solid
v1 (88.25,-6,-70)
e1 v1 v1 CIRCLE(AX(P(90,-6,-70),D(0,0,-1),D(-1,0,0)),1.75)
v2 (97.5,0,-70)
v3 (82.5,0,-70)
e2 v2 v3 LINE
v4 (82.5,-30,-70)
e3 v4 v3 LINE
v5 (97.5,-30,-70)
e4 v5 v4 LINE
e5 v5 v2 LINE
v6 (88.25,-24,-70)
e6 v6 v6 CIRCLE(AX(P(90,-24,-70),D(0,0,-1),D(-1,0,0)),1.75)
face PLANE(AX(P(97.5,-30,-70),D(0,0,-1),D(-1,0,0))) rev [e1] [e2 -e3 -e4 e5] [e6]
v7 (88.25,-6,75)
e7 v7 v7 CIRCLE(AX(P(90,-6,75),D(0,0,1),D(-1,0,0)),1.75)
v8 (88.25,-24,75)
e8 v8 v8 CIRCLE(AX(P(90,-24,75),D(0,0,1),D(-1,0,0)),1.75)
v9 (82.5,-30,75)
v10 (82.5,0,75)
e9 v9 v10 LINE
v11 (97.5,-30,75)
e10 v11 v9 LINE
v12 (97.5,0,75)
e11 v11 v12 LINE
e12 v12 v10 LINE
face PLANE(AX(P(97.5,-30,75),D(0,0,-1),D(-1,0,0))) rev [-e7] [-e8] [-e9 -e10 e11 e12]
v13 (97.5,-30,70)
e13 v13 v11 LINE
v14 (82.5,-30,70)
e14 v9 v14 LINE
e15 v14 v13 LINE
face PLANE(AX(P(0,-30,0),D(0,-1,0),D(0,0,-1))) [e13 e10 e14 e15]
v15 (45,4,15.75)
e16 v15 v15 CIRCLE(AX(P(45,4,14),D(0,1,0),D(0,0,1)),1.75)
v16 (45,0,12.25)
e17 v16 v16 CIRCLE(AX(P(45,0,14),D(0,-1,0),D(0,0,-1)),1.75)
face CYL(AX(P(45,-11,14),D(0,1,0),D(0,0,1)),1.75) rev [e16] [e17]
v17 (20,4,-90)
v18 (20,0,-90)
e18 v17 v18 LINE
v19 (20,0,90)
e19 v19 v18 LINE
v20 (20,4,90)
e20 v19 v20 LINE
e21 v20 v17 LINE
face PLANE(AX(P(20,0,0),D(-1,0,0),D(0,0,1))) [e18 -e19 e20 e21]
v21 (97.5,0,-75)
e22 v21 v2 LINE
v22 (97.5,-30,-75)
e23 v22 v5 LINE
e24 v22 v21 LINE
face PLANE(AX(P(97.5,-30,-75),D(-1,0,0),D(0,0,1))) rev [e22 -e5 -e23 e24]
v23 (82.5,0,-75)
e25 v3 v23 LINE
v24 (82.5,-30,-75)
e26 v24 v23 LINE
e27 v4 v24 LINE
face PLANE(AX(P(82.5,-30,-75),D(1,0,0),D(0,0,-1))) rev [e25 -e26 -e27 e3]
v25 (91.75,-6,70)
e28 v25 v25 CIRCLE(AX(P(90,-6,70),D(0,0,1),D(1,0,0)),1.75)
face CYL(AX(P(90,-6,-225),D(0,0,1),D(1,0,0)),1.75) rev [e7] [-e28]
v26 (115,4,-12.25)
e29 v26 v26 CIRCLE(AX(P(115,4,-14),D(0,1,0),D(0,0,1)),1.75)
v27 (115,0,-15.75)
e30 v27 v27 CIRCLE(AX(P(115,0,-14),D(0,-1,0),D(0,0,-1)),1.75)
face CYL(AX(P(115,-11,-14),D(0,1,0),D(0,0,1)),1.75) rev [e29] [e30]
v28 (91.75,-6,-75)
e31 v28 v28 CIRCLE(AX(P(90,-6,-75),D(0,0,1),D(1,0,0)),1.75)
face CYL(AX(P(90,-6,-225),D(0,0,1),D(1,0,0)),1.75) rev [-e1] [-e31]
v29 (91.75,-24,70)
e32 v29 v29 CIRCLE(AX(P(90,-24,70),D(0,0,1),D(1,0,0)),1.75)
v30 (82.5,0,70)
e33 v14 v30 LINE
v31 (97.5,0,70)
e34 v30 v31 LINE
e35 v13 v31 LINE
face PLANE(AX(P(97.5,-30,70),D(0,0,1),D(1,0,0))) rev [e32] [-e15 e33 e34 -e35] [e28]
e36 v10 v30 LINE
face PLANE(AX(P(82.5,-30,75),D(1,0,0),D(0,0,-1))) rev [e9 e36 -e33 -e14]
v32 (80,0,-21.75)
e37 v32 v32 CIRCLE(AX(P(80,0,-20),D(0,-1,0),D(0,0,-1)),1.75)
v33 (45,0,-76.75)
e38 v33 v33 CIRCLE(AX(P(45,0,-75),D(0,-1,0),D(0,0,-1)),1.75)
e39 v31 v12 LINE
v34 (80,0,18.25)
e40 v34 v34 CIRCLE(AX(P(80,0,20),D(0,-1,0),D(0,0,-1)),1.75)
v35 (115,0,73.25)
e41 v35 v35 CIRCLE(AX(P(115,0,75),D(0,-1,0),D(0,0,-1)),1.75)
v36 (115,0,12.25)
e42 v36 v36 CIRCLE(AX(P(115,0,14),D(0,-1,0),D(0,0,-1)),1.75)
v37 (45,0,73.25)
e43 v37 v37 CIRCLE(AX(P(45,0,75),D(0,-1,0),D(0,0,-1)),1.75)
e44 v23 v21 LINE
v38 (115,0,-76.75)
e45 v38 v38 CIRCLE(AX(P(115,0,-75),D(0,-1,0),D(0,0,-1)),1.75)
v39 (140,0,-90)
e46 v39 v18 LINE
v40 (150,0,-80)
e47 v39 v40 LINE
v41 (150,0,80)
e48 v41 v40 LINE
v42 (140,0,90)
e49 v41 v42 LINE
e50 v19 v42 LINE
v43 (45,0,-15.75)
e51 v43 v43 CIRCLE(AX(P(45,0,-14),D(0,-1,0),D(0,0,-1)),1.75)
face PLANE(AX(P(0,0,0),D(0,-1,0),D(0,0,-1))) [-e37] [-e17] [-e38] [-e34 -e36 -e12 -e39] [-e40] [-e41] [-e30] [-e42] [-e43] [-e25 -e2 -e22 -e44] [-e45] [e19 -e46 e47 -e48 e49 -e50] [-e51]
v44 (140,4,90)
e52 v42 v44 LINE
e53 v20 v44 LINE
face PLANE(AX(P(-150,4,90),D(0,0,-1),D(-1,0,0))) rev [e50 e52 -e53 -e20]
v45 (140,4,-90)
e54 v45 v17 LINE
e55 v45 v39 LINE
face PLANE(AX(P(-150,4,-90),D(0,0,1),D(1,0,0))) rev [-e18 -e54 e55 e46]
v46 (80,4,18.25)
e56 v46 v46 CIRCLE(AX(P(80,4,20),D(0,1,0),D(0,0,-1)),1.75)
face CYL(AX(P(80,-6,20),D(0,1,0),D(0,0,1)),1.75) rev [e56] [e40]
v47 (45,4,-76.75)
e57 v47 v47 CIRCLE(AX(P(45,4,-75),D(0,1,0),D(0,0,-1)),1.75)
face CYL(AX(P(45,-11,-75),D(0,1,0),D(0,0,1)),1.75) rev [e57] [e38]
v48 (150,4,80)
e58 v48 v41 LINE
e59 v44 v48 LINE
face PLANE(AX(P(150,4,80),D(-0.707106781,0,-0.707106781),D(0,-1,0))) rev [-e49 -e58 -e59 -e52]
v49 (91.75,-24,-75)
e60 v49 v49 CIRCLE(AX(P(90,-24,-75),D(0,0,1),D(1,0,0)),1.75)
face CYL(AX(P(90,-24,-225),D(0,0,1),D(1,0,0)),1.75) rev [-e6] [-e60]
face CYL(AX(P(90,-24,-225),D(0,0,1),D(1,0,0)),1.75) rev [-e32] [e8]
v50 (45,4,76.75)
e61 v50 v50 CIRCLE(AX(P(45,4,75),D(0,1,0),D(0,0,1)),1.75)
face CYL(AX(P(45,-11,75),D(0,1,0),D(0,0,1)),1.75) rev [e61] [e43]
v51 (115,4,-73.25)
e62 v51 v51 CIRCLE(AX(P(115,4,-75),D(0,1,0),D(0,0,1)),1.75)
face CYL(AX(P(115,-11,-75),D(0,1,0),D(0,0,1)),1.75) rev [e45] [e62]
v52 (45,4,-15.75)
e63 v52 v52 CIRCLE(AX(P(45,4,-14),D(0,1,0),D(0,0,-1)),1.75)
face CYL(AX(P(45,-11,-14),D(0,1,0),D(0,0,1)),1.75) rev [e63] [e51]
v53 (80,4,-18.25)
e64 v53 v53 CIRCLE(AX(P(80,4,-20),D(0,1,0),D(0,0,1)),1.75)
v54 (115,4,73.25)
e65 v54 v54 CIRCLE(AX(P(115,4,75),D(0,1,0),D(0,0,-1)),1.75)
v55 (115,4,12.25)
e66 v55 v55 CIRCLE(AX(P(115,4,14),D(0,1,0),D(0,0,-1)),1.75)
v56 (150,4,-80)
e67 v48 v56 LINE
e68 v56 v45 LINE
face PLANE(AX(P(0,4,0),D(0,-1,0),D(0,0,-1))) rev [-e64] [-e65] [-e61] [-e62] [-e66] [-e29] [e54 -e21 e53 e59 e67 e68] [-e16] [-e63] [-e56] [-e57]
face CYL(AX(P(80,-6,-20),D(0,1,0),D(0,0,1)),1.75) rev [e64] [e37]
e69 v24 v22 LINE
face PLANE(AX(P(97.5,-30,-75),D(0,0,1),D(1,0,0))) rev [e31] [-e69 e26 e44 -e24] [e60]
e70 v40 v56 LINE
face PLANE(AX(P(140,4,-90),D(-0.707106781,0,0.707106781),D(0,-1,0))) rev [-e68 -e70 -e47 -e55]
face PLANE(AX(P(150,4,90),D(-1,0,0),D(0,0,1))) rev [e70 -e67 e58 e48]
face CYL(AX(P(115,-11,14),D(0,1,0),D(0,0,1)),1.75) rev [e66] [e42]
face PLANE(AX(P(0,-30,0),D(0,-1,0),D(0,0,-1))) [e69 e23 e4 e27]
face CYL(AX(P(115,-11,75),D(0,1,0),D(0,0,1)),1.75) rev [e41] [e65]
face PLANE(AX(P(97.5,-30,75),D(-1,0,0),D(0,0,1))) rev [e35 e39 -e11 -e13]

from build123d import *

# Parameters (mm, degrees)
SKETCH1_W               = 300
SKETCH1_H               = 180
MAIN_BODY_DEPTH         = 4
FILLET1_R               = 10
CHAMFER1_SIZE           = 10
SKETCH2_R               = 1.75
BATTERIES_HOLES_DEPTH   = 15
SKETCH5_R               = 1.75
SKETCH5_W               = 15
SKETCH5_H               = 10
L298N_HOLES_DEPTH       = 15
SKETCH6_R               = 1.75
LM2596_HOLES_DEPTH      = 15
SKETCH7_R               = 1.55
ESP32_HOLES_DEPTH       = 15
SKETCH8_R               = 1.75
PCB_SENSORS_HOLES_DEPTH = 15
SKETCH9_W               = 15
SKETCH9_H               = 5
WHEELS_LEGS_DEPTH       = 30
SKETCH10_R              = 1.75
MOTOR_HOLES_DEPTH       = 300
SKETCH11_R              = 1.75
SKETCH11_W              = 30
SKETCH11_H              = 20
SENSORS_HOLES_DEPTH     = 15
SKETCH13_W              = 40
SKETCH13_H              = 75
CUT_EXTRUDE2_DEPTH      = 10
FILLET2_R               = 10
SKETCH12_R              = 1.75
CUT_EXTRUDE3_DEPTH      = 10
SKETCH14_W              = 212.137898895
SKETCH14_H              = 97.482026014
CUT_EXTRUDE4_DEPTH      = 200


with BuildPart() as part:
    # Sketch1 → Main Body (new body)
    with BuildSketch(Plane(origin=(0, 0, 0), x_dir=(1, 0, 0), z_dir=(0, 1, 0))):
        Rectangle(SKETCH1_W, SKETCH1_H)
    extrude(amount=MAIN_BODY_DEPTH)

    # Fillet1
    fillet1_edges = [part.edges().sort_by_distance(p)[0] for p in [
        (-150, 2, 90),
        (-150, 2, -90),
    ]]
    fillet(fillet1_edges, radius=FILLET1_R)

    # Chamfer1
    chamfer1_edges = [part.edges().sort_by_distance(p)[0] for p in [
        (150, 2, 90),
        (150, 2, -90),
    ]]
    chamfer(chamfer1_edges, length=CHAMFER1_SIZE)

    # Sketch2 → Batteries holes (cut)
    with BuildSketch(Plane(origin=(0, 4, 0), x_dir=(1, 0, 0), z_dir=(0, 1, 0))):
        with Locations((115, 75)):
            Circle(SKETCH2_R)
        with Locations((115, 14)):
            Circle(SKETCH2_R)
        with Locations((115, -14)):
            Circle(SKETCH2_R)
        with Locations((115, -75)):
            Circle(SKETCH2_R)
        with Locations((45, -75)):
            Circle(SKETCH2_R)
        with Locations((45, -14)):
            Circle(SKETCH2_R)
        with Locations((45, 14)):
            Circle(SKETCH2_R)
        with Locations((45, 75)):
            Circle(SKETCH2_R)
    extrude(amount=-BATTERIES_HOLES_DEPTH, mode=Mode.SUBTRACT)

    # Sketch5 → L298N holes (cut)
    with BuildSketch(Plane(origin=(0, 4, 0), x_dir=(1, 0, 0), z_dir=(0, 1, 0))):
        with Locations((-37, 18.5)):
            Circle(SKETCH5_R)
        with Locations((0, 18.5)):
            Circle(SKETCH5_R)
        with Locations((-37, -18.5)):
            Circle(SKETCH5_R)
        with Locations((0, -18.5)):
            Circle(SKETCH5_R)
        with Locations((-12.5, -38.5)):
            Rectangle(SKETCH5_W, SKETCH5_H)
        with Locations((-12.5, 38.5)):
            Rectangle(SKETCH5_W, SKETCH5_H)
    extrude(amount=-L298N_HOLES_DEPTH, mode=Mode.SUBTRACT)

    # Sketch6 → LM2596 holes (cut)
    with BuildSketch(Plane(origin=(0, 4, 0), x_dir=(1, 0, 0), z_dir=(0, 1, 0))):
        with Locations((-33, 70)):
            Circle(SKETCH6_R)
        with Locations((-3, 54)):
            Circle(SKETCH6_R)
        with Locations((-33, -54)):
            Circle(SKETCH6_R)
        with Locations((-3, -70)):
            Circle(SKETCH6_R)
    extrude(amount=-LM2596_HOLES_DEPTH, mode=Mode.SUBTRACT)

    # Sketch7 → ESP32 holes (cut)
    with BuildSketch(Plane(origin=(0, 4, 0), x_dir=(1, 0, 0), z_dir=(0, 1, 0))):
        with Locations((-73, 65)):
            Circle(SKETCH7_R)
        with Locations((-73, 19)):
            Circle(SKETCH7_R)
        with Locations((-91, 19)):
            Circle(SKETCH7_R)
    extrude(amount=-ESP32_HOLES_DEPTH, mode=Mode.SUBTRACT)

    # Sketch8 → PCB sensors holes (cut)
    with BuildSketch(Plane(origin=(0, 4, 0), x_dir=(1, 0, 0), z_dir=(0, 1, 0))):
        with Locations((-103, -54)):
            Circle(SKETCH8_R)
        with Locations((-68, -54)):
            Circle(SKETCH8_R)
    extrude(amount=-PCB_SENSORS_HOLES_DEPTH, mode=Mode.SUBTRACT)

    # Sketch9 → Wheels legs (add)
    with BuildSketch(Plane.XZ):
        with Locations((-90, 72.5)):
            Rectangle(SKETCH9_W, SKETCH9_H)
        with Locations((90, 72.5)):
            Rectangle(SKETCH9_W, SKETCH9_H)
        with Locations((90, -72.5)):
            Rectangle(SKETCH9_W, SKETCH9_H)
        with Locations((-90, -72.5)):
            Rectangle(SKETCH9_W, SKETCH9_H)
    extrude(amount=WHEELS_LEGS_DEPTH)

    # Sketch10 → Motor holes (cut)
    with BuildSketch(Plane.XY.offset(75)):
        with Locations((-90, -24)):
            Circle(SKETCH10_R)
        with Locations((-90, -6)):
            Circle(SKETCH10_R)
        with Locations((90, -6)):
            Circle(SKETCH10_R)
        with Locations((90, -24)):
            Circle(SKETCH10_R)
    extrude(amount=-MOTOR_HOLES_DEPTH, mode=Mode.SUBTRACT)

    # Sketch11 → Sensors holes (cut)
    with BuildSketch(Plane(origin=(0, 4, 0), x_dir=(1, 0, 0), z_dir=(0, 1, 0))):
        with Locations((-140, 10)):
            Circle(SKETCH11_R)
        with Locations((-125, 10)):
            Circle(SKETCH11_R)
        with Locations((-125, 30)):
            Circle(SKETCH11_R)
        with Locations((-140, 30)):
            Circle(SKETCH11_R)
        with Locations((-125, -30)):
            Circle(SKETCH11_R)
        with Locations((-140, -30)):
            Circle(SKETCH11_R)
        with Locations((-125, -10)):
            Circle(SKETCH11_R)
        with Locations((-140, -10)):
            Circle(SKETCH11_R)
        with Locations((-85, 0)):
            Rectangle(SKETCH11_W, SKETCH11_H)
    extrude(amount=-SENSORS_HOLES_DEPTH, mode=Mode.SUBTRACT)

    # Sketch13 → Cut-Extrude2 (cut)
    with BuildSketch(Plane.XZ):
        with Locations((-133, 75.5)):
            Rectangle(SKETCH13_W, SKETCH13_H)
        with Locations((-133, -75.5)):
            Rectangle(SKETCH13_W, SKETCH13_H)
    extrude(amount=-CUT_EXTRUDE2_DEPTH, mode=Mode.SUBTRACT)

    # Fillet2
    fillet2_edges = [part.edges().sort_by_distance(p)[0] for p in [
        (-113, 2, -90),
        (-113, 2, -38),
        (-150, 2, -38),
        (-150, 2, 38),
        (-113, 2, 90),
        (-113, 2, 38),
    ]]
    fillet(fillet2_edges, radius=FILLET2_R)

    # Sketch12 → Cut-Extrude3 (cut)
    with BuildSketch(Plane(origin=(0, 4, 0), x_dir=(1, 0, 0), z_dir=(0, 1, 0))):
        with Locations((80, 20)):
            Circle(SKETCH12_R)
        with Locations((80, -20)):
            Circle(SKETCH12_R)
        with Locations((-20, -20)):
            Circle(SKETCH12_R)
        with Locations((-20, 20)):
            Circle(SKETCH12_R)
    extrude(amount=-CUT_EXTRUDE3_DEPTH, mode=Mode.SUBTRACT)

    # Sketch14 → Cut-Extrude4 (cut)
    with BuildSketch(Plane.ZY.offset(-20)):
        with Locations((1.063142902, -9.465230627)):
            Rectangle(SKETCH14_W, SKETCH14_H)
    extrude(amount=CUT_EXTRUDE4_DEPTH, mode=Mode.SUBTRACT)


solid = part.part
